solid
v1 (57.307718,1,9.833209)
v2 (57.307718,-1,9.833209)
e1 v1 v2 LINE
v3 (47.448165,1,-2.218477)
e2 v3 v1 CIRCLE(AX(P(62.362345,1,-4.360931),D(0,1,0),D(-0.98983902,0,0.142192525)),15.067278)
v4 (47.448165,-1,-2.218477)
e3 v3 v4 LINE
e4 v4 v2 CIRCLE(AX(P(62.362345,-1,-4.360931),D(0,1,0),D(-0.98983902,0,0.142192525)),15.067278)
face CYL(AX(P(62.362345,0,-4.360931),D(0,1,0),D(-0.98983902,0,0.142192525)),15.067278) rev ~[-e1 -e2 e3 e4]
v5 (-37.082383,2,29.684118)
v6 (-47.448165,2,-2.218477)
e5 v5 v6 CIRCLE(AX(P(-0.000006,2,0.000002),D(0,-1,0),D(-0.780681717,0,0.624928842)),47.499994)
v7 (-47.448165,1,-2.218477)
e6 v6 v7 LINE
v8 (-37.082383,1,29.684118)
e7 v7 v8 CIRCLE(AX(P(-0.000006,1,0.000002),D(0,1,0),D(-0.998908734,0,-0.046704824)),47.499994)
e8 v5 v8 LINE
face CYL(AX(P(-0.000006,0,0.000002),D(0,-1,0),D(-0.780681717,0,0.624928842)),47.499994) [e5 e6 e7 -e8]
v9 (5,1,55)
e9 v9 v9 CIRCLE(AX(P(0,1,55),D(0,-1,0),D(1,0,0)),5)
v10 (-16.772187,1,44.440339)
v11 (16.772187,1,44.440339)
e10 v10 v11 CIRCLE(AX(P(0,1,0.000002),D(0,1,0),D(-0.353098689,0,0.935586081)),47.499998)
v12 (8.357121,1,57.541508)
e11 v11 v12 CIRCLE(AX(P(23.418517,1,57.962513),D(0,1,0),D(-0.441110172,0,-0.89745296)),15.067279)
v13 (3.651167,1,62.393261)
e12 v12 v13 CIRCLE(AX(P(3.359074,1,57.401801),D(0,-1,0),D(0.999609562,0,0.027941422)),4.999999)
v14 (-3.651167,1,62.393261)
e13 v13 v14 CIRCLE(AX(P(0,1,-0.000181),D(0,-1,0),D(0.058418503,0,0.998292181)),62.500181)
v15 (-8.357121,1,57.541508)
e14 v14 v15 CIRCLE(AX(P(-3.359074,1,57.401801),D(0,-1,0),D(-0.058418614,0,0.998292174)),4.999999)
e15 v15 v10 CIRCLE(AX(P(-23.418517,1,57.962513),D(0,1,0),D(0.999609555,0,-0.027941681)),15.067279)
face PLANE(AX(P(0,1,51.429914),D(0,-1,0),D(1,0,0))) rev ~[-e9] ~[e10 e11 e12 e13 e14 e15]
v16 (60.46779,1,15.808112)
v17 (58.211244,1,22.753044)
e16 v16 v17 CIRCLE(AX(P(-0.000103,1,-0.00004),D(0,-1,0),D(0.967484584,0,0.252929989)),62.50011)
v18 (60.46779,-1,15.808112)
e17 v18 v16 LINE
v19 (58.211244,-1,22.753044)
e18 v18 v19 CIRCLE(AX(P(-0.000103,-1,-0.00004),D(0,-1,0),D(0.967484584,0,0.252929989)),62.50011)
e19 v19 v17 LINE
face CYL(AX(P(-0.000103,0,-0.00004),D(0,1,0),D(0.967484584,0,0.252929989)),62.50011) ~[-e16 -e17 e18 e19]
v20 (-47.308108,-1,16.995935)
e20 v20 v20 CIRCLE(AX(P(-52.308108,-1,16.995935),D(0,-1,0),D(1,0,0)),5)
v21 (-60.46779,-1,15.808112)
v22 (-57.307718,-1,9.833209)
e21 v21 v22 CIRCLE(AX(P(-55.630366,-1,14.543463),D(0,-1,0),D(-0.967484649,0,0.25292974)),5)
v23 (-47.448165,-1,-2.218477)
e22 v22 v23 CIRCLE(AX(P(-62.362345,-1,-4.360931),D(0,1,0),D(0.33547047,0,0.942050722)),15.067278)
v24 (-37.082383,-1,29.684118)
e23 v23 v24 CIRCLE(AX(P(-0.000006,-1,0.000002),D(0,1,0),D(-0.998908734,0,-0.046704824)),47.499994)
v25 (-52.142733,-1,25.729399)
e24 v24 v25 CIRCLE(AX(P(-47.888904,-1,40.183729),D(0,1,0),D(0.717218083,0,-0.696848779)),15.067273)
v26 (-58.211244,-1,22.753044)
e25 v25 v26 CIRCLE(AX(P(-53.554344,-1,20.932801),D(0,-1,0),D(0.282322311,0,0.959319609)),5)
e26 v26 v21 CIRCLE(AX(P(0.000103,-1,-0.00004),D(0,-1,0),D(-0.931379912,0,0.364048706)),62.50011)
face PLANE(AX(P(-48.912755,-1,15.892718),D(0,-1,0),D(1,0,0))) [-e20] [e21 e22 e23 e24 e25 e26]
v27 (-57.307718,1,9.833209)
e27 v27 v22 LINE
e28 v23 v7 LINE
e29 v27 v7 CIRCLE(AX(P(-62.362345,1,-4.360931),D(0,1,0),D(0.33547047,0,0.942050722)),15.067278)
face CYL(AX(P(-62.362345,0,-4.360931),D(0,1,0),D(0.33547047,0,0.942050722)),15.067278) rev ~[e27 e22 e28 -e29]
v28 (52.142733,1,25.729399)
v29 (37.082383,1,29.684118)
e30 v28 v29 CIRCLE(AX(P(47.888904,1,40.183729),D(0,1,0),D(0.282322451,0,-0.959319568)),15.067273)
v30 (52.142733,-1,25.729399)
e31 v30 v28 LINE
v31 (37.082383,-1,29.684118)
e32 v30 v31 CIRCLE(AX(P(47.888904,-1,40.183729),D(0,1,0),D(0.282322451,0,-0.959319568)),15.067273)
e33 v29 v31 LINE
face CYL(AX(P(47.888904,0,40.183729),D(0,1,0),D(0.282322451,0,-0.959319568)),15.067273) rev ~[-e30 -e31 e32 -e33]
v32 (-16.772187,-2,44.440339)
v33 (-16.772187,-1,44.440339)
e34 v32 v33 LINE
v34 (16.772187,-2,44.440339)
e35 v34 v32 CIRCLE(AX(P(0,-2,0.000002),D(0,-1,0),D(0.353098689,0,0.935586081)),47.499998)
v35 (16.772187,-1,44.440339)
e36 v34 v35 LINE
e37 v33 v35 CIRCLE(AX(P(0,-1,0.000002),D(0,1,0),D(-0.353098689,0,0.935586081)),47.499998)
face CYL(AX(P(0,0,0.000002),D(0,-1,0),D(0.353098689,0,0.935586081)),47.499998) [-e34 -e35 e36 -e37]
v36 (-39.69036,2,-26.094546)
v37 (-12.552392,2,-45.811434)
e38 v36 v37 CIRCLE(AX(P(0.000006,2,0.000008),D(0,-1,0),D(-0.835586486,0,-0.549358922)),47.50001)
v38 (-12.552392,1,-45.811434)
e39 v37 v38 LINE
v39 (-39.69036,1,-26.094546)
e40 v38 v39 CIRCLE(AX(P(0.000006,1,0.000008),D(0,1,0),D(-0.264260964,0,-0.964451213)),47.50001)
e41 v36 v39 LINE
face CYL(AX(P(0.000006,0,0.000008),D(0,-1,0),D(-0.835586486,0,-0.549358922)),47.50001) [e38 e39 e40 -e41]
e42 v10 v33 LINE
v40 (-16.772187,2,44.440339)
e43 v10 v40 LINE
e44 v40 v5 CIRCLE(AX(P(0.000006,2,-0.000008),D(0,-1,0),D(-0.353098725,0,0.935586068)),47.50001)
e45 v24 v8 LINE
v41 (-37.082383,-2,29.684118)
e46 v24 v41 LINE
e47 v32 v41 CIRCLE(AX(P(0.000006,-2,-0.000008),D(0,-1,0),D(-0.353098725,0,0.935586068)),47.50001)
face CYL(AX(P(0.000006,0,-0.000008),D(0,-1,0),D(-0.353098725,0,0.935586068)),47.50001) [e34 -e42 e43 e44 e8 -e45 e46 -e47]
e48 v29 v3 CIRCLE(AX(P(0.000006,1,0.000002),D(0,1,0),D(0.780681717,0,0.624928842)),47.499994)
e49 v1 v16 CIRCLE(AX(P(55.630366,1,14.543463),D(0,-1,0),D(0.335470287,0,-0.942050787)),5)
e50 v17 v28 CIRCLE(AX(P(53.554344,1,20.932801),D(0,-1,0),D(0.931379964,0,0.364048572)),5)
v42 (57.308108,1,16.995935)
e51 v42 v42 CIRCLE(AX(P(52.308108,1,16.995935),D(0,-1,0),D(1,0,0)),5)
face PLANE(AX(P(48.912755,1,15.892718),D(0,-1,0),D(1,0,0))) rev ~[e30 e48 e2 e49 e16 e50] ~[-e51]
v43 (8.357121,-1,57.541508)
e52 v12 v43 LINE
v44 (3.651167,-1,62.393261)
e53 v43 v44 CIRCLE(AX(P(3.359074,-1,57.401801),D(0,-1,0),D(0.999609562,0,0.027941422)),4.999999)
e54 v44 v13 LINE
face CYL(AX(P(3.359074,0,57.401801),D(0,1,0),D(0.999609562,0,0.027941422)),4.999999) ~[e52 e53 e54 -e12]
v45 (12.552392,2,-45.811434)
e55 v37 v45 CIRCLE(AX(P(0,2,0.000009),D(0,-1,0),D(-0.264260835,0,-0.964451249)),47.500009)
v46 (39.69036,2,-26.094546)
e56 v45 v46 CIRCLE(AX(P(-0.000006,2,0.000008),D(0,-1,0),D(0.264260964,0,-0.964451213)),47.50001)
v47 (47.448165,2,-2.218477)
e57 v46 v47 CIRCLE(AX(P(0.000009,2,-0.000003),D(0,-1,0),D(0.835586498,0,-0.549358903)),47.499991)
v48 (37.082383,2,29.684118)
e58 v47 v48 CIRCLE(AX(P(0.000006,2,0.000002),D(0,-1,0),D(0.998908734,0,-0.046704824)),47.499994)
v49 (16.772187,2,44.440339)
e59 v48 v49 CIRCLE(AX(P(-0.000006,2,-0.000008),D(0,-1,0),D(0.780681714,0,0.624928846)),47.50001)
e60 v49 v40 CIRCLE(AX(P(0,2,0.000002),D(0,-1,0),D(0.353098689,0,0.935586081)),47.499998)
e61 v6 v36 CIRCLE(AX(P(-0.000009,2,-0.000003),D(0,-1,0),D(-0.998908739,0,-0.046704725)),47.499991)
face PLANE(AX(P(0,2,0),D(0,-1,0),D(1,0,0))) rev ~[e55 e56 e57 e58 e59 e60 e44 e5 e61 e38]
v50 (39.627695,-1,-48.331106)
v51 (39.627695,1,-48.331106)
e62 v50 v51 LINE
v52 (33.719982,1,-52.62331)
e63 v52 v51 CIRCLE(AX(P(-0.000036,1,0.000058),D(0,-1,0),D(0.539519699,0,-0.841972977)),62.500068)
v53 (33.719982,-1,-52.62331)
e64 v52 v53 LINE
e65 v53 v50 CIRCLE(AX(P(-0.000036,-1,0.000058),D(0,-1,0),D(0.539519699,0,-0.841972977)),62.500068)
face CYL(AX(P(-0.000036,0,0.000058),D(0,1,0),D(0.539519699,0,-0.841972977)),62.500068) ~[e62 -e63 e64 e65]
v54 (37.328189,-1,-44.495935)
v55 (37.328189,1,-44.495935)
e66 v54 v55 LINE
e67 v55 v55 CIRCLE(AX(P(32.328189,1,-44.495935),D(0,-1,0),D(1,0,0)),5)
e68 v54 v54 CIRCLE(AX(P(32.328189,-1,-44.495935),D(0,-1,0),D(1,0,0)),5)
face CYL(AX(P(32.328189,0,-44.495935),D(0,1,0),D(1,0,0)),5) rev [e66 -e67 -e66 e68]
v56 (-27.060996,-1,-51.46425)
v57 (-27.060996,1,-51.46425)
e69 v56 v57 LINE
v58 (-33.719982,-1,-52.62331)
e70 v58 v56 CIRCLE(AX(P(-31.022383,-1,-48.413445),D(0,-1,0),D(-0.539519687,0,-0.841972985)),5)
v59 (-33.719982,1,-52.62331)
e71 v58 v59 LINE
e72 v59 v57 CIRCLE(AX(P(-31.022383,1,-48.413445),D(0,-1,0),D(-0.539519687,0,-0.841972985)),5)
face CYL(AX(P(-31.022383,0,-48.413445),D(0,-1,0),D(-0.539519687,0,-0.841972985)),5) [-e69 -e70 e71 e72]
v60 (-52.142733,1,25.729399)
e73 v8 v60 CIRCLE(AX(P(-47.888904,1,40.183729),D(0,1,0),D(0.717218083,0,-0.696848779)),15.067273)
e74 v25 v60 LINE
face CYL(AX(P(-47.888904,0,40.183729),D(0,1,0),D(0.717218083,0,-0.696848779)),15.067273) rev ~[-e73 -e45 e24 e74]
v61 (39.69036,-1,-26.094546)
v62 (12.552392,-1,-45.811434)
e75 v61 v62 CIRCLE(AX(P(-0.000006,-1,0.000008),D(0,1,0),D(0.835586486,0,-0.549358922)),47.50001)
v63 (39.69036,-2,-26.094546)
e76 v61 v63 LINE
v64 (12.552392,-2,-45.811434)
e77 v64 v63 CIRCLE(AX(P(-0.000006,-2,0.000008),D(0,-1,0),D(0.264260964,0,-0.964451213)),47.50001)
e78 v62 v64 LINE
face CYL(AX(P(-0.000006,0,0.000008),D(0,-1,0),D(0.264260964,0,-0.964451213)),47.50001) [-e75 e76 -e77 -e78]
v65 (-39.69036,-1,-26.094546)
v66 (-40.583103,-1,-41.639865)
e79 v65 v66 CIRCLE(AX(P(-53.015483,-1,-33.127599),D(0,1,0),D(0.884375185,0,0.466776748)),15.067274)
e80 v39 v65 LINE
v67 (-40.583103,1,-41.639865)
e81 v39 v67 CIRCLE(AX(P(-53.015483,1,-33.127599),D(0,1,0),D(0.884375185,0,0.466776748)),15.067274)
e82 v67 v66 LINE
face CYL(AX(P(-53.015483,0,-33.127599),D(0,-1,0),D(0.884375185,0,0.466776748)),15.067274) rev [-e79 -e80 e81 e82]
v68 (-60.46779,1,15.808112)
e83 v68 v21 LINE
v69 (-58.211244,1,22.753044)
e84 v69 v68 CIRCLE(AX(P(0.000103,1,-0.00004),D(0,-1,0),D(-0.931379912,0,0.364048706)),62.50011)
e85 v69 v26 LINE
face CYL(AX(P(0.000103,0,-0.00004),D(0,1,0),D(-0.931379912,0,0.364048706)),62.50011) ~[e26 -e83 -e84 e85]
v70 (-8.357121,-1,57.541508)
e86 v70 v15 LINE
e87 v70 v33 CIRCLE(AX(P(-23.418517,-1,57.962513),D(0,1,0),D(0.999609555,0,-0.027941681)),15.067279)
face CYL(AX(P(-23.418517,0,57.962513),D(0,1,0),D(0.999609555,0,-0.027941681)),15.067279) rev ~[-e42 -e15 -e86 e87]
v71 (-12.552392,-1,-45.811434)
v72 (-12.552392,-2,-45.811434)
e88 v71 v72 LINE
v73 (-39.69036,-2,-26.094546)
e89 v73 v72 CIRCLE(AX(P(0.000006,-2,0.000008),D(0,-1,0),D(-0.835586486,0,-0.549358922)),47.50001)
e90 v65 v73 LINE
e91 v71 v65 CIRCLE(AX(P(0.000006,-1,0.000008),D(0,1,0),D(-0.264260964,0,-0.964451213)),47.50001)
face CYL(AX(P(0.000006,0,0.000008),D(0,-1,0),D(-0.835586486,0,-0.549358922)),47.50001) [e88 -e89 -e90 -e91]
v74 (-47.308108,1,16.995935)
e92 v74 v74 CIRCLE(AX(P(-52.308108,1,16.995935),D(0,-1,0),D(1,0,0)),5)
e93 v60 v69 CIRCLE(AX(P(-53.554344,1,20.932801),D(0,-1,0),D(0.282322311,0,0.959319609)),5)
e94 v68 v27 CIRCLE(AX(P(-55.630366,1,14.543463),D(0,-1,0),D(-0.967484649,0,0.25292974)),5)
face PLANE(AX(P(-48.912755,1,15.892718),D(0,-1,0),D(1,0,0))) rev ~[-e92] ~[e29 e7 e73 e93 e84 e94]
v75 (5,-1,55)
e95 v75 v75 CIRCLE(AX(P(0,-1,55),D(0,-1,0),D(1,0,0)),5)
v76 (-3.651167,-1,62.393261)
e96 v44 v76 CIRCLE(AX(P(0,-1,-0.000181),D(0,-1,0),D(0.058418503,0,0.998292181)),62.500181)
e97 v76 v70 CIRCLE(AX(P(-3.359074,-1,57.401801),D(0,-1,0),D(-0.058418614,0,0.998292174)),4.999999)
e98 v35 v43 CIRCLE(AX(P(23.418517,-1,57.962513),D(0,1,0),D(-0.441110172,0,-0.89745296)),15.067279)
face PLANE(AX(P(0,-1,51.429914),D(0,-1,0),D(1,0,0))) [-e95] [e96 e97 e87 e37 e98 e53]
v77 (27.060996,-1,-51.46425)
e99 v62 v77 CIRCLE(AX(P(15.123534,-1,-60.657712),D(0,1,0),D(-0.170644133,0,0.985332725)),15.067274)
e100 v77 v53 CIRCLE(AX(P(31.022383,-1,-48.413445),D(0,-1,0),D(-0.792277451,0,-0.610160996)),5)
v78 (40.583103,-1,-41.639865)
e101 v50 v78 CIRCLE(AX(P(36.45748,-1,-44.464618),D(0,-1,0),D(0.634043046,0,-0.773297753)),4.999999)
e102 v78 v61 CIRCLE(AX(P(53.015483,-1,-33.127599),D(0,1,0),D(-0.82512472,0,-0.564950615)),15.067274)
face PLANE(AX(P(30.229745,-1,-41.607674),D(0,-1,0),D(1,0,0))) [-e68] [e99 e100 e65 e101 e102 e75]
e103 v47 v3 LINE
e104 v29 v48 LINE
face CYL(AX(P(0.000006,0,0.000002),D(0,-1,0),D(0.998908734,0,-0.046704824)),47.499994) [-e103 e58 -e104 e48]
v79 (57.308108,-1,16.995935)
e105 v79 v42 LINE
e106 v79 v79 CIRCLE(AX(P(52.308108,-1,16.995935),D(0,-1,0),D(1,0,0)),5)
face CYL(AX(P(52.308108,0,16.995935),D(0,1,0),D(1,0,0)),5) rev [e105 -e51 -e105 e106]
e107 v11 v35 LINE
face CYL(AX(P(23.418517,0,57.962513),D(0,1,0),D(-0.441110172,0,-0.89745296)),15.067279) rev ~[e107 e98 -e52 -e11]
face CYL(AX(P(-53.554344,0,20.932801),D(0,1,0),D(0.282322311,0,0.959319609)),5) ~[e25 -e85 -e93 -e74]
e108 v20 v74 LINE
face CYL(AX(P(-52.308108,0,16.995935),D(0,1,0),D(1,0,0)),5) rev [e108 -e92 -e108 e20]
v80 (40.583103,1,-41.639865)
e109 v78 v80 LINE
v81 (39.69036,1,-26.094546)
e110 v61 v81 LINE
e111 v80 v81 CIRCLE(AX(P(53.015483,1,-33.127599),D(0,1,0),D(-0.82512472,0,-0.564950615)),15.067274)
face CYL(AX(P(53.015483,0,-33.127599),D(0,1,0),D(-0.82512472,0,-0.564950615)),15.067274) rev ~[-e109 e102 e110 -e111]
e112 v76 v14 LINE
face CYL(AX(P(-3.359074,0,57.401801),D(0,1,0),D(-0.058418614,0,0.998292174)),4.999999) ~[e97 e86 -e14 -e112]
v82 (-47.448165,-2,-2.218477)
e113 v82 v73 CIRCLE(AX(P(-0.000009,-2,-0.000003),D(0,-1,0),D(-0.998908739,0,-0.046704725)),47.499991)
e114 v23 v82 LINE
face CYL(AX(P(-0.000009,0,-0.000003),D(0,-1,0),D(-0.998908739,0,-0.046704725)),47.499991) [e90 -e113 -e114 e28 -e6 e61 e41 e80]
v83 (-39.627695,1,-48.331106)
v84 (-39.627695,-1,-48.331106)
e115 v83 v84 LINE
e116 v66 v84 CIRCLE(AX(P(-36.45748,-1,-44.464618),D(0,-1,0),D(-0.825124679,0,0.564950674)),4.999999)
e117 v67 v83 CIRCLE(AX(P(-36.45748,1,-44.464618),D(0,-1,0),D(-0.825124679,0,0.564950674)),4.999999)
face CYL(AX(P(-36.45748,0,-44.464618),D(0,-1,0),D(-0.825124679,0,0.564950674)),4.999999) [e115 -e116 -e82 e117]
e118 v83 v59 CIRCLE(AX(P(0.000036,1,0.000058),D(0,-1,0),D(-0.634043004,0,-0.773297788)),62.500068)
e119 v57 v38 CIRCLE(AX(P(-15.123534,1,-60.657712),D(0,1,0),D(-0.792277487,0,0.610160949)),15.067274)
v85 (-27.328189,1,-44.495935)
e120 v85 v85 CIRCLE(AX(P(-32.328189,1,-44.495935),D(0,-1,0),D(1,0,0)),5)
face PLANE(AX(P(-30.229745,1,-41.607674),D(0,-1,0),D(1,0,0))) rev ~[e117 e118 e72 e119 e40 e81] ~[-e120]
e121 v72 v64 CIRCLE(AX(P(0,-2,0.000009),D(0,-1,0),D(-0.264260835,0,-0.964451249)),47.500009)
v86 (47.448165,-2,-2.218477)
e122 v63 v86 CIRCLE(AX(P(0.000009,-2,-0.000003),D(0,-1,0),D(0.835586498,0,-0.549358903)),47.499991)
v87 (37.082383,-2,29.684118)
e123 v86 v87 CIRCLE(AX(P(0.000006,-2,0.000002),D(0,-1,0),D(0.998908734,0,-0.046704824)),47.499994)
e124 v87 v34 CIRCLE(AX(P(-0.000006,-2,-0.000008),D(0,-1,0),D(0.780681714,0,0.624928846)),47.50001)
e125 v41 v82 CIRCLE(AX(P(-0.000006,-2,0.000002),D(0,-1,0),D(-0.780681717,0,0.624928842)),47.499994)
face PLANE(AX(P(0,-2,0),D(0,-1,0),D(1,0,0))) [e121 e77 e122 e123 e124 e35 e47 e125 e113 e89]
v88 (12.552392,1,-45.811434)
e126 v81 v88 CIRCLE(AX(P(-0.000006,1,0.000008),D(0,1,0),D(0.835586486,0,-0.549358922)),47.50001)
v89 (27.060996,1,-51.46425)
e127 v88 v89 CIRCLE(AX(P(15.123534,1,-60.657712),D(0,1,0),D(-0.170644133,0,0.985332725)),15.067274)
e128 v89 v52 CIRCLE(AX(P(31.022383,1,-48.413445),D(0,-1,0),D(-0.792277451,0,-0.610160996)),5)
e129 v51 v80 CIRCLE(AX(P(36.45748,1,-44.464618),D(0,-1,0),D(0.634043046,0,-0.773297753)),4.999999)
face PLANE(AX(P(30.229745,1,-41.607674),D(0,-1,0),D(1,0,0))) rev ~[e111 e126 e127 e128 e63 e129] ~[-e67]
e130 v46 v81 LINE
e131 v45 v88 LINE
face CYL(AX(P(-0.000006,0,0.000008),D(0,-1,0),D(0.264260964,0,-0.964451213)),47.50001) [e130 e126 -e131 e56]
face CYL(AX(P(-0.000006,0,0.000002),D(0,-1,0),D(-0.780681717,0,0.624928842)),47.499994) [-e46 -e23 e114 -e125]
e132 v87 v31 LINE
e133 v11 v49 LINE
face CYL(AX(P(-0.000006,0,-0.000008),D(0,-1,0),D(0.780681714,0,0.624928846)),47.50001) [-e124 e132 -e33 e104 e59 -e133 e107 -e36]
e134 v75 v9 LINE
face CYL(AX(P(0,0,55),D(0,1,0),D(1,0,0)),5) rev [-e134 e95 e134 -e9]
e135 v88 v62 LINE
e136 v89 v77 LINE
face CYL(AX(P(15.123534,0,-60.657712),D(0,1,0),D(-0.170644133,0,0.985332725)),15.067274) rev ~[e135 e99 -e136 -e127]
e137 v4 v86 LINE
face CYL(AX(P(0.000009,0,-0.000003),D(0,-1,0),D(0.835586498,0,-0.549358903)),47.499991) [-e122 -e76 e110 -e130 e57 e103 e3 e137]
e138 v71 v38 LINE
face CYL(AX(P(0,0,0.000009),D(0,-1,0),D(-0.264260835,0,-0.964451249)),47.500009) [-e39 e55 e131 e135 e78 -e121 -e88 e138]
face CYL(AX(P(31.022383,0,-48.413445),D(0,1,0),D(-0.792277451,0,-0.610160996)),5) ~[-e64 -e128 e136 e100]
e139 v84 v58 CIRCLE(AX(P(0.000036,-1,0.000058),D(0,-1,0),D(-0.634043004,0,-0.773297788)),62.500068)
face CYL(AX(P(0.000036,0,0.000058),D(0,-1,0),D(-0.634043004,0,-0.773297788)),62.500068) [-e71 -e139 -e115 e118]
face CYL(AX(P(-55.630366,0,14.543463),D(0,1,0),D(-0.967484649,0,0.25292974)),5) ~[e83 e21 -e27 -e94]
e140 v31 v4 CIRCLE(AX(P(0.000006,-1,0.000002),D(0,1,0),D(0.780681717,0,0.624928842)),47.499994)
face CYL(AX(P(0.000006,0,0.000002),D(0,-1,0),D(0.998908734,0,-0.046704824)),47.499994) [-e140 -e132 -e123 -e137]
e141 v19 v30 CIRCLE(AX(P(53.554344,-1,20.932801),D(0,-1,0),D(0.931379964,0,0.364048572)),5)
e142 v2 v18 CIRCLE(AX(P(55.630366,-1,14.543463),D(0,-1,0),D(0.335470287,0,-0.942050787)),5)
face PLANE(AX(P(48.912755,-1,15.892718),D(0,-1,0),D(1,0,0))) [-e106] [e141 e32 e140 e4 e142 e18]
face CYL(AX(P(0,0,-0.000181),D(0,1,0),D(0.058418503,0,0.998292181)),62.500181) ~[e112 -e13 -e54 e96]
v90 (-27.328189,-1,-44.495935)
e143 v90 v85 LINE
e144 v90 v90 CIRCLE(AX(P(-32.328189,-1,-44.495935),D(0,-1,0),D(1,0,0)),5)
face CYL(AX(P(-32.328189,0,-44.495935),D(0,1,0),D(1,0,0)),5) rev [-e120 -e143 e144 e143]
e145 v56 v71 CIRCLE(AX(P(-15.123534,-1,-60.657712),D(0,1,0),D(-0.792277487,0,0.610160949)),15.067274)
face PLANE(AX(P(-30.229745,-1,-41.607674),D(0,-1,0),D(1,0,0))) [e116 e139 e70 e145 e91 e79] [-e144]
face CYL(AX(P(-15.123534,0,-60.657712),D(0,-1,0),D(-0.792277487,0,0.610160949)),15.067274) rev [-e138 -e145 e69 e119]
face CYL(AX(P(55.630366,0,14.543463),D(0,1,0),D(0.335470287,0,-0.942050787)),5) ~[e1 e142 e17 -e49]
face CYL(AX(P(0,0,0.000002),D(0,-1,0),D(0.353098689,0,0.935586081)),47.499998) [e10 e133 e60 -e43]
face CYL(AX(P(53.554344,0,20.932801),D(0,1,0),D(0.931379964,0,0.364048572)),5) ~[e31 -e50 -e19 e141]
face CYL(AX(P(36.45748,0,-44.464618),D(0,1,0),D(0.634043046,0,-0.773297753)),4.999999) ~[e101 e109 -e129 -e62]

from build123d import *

# Parameters (mm, degrees)
F1_DEPTH = 2
F0_R     = 5
F2_DEPTH = 1


with BuildPart() as f1:
    # F0 (on Front) → F1 (new body, symmetric)
    with BuildSketch(Plane.XZ):
        with BuildLine():
            ThreePointArc((-16.772187, 44.440339), (-27.919799, 38.428307), (-37.082383, 29.684118))
            ThreePointArc((-37.082383, 29.684118), (-45.175185, 14.678307), (-47.448165, -2.218477))
            ThreePointArc((-47.448165, -2.218477), (-45.175185, -14.678307), (-39.69036, -26.094546))
            ThreePointArc((-39.69036, -26.094546), (-27.919799, -38.428307), (-12.552392, -45.811434))
            ThreePointArc((-12.552392, -45.811434), (0, -47.5), (12.552392, -45.811434))
            ThreePointArc((12.552392, -45.811434), (27.919799, -38.428307), (39.69036, -26.094546))
            ThreePointArc((39.69036, -26.094546), (45.175185, -14.678307), (47.448165, -2.218477))
            ThreePointArc((47.448165, -2.218477), (45.175185, 14.678307), (37.082383, 29.684118))
            ThreePointArc((37.082383, 29.684118), (27.919799, 38.428307), (16.772187, 44.440339))
            ThreePointArc((16.772187, 44.440339), (0, 47.5), (-16.772187, 44.440339))
        make_face()
    extrude(amount=F1_DEPTH, both=True)

    # F0 (on Front) → F2 (join, symmetric)
    with BuildSketch(Plane.XZ):
        with BuildLine():
            ThreePointArc((-52.142733, 25.729399), (-55.756082, 25.421938), (-58.211244, 22.753044))
            ThreePointArc((-58.211244, 22.753044), (-59.441032, 19.313562), (-60.46779, 15.808112))
            ThreePointArc((-60.46779, 15.808112), (-60.050258, 12.205823), (-57.307718, 9.833209))
            ThreePointArc((-57.307718, 9.833209), (-50.70048, 5.179707), (-47.448165, -2.218477))
            ThreePointArc((-47.448165, -2.218477), (-45.175185, 14.678307), (-37.082383, 29.684118))
            ThreePointArc((-37.082383, 29.684118), (-44.062105, 25.610523), (-52.142733, 25.729399))
        make_face()
        with Locations((-52.308108, 16.995935)):
            Circle(F0_R, mode=Mode.SUBTRACT)
        with BuildLine():
            ThreePointArc((-8.357121, 57.541508), (-10.741116, 49.819639), (-16.772187, 44.440339))
            ThreePointArc((-16.772187, 44.440339), (0, 47.5), (16.772187, 44.440339))
            ThreePointArc((16.772187, 44.440339), (10.741116, 49.819639), (8.357121, 57.541508))
            ThreePointArc((8.357121, 57.541508), (6.948123, 60.882996), (3.651167, 62.393261))
            ThreePointArc((3.651167, 62.393261), (0, 62.5), (-3.651167, 62.393261))
            ThreePointArc((-3.651167, 62.393261), (-6.948123, 60.882996), (-8.357121, 57.541508))
        make_face()
        with Locations((0, 55)):
            Circle(F0_R, mode=Mode.SUBTRACT)
        with BuildLine():
            ThreePointArc((52.142733, 25.729399), (44.062105, 25.610523), (37.082383, 29.684118))
            ThreePointArc((37.082383, 29.684118), (45.175185, 14.678307), (47.448165, -2.218477))
            ThreePointArc((47.448165, -2.218477), (50.70048, 5.179707), (57.307718, 9.833209))
            ThreePointArc((57.307718, 9.833209), (60.050258, 12.205823), (60.46779, 15.808112))
            ThreePointArc((60.46779, 15.808112), (59.441032, 19.313562), (58.211244, 22.753044))
            ThreePointArc((58.211244, 22.753044), (55.756082, 25.421938), (52.142733, 25.729399))
        make_face()
        with Locations((52.308108, 16.995935)):
            Circle(F0_R, mode=Mode.SUBTRACT)
        with BuildLine():
            ThreePointArc((39.69036, -26.094546), (27.919799, -38.428307), (12.552392, -45.811434))
            ThreePointArc((12.552392, -45.811434), (20.593504, -46.618404), (27.060996, -51.46425))
            ThreePointArc((27.060996, -51.46425), (30.164977, -53.339382), (33.719982, -52.62331))
            ThreePointArc((33.719982, -52.62331), (36.736578, -50.563562), (39.627695, -48.331106))
            ThreePointArc((39.627695, -48.331106), (41.407277, -45.171374), (40.583103, -41.639865))
            ThreePointArc((40.583103, -41.639865), (37.972994, -33.991465), (39.69036, -26.094546))
        make_face()
        with Locations((32.328189, -44.495935)):
            Circle(F0_R, mode=Mode.SUBTRACT)
        with BuildLine():
            ThreePointArc((-12.552392, -45.811434), (-27.919799, -38.428307), (-39.69036, -26.094546))
            ThreePointArc((-39.69036, -26.094546), (-37.972994, -33.991465), (-40.583103, -41.639865))
            ThreePointArc((-40.583103, -41.639865), (-41.407277, -45.171374), (-39.627695, -48.331106))
            ThreePointArc((-39.627695, -48.331106), (-36.736578, -50.563562), (-33.719982, -52.62331))
            ThreePointArc((-33.719982, -52.62331), (-30.164977, -53.339382), (-27.060996, -51.46425))
            ThreePointArc((-27.060996, -51.46425), (-20.593504, -46.618404), (-12.552392, -45.811434))
        make_face()
        with Locations((-32.328189, -44.495935)):
            Circle(F0_R, mode=Mode.SUBTRACT)
    extrude(amount=F2_DEPTH, both=True)


solid = f1.part
